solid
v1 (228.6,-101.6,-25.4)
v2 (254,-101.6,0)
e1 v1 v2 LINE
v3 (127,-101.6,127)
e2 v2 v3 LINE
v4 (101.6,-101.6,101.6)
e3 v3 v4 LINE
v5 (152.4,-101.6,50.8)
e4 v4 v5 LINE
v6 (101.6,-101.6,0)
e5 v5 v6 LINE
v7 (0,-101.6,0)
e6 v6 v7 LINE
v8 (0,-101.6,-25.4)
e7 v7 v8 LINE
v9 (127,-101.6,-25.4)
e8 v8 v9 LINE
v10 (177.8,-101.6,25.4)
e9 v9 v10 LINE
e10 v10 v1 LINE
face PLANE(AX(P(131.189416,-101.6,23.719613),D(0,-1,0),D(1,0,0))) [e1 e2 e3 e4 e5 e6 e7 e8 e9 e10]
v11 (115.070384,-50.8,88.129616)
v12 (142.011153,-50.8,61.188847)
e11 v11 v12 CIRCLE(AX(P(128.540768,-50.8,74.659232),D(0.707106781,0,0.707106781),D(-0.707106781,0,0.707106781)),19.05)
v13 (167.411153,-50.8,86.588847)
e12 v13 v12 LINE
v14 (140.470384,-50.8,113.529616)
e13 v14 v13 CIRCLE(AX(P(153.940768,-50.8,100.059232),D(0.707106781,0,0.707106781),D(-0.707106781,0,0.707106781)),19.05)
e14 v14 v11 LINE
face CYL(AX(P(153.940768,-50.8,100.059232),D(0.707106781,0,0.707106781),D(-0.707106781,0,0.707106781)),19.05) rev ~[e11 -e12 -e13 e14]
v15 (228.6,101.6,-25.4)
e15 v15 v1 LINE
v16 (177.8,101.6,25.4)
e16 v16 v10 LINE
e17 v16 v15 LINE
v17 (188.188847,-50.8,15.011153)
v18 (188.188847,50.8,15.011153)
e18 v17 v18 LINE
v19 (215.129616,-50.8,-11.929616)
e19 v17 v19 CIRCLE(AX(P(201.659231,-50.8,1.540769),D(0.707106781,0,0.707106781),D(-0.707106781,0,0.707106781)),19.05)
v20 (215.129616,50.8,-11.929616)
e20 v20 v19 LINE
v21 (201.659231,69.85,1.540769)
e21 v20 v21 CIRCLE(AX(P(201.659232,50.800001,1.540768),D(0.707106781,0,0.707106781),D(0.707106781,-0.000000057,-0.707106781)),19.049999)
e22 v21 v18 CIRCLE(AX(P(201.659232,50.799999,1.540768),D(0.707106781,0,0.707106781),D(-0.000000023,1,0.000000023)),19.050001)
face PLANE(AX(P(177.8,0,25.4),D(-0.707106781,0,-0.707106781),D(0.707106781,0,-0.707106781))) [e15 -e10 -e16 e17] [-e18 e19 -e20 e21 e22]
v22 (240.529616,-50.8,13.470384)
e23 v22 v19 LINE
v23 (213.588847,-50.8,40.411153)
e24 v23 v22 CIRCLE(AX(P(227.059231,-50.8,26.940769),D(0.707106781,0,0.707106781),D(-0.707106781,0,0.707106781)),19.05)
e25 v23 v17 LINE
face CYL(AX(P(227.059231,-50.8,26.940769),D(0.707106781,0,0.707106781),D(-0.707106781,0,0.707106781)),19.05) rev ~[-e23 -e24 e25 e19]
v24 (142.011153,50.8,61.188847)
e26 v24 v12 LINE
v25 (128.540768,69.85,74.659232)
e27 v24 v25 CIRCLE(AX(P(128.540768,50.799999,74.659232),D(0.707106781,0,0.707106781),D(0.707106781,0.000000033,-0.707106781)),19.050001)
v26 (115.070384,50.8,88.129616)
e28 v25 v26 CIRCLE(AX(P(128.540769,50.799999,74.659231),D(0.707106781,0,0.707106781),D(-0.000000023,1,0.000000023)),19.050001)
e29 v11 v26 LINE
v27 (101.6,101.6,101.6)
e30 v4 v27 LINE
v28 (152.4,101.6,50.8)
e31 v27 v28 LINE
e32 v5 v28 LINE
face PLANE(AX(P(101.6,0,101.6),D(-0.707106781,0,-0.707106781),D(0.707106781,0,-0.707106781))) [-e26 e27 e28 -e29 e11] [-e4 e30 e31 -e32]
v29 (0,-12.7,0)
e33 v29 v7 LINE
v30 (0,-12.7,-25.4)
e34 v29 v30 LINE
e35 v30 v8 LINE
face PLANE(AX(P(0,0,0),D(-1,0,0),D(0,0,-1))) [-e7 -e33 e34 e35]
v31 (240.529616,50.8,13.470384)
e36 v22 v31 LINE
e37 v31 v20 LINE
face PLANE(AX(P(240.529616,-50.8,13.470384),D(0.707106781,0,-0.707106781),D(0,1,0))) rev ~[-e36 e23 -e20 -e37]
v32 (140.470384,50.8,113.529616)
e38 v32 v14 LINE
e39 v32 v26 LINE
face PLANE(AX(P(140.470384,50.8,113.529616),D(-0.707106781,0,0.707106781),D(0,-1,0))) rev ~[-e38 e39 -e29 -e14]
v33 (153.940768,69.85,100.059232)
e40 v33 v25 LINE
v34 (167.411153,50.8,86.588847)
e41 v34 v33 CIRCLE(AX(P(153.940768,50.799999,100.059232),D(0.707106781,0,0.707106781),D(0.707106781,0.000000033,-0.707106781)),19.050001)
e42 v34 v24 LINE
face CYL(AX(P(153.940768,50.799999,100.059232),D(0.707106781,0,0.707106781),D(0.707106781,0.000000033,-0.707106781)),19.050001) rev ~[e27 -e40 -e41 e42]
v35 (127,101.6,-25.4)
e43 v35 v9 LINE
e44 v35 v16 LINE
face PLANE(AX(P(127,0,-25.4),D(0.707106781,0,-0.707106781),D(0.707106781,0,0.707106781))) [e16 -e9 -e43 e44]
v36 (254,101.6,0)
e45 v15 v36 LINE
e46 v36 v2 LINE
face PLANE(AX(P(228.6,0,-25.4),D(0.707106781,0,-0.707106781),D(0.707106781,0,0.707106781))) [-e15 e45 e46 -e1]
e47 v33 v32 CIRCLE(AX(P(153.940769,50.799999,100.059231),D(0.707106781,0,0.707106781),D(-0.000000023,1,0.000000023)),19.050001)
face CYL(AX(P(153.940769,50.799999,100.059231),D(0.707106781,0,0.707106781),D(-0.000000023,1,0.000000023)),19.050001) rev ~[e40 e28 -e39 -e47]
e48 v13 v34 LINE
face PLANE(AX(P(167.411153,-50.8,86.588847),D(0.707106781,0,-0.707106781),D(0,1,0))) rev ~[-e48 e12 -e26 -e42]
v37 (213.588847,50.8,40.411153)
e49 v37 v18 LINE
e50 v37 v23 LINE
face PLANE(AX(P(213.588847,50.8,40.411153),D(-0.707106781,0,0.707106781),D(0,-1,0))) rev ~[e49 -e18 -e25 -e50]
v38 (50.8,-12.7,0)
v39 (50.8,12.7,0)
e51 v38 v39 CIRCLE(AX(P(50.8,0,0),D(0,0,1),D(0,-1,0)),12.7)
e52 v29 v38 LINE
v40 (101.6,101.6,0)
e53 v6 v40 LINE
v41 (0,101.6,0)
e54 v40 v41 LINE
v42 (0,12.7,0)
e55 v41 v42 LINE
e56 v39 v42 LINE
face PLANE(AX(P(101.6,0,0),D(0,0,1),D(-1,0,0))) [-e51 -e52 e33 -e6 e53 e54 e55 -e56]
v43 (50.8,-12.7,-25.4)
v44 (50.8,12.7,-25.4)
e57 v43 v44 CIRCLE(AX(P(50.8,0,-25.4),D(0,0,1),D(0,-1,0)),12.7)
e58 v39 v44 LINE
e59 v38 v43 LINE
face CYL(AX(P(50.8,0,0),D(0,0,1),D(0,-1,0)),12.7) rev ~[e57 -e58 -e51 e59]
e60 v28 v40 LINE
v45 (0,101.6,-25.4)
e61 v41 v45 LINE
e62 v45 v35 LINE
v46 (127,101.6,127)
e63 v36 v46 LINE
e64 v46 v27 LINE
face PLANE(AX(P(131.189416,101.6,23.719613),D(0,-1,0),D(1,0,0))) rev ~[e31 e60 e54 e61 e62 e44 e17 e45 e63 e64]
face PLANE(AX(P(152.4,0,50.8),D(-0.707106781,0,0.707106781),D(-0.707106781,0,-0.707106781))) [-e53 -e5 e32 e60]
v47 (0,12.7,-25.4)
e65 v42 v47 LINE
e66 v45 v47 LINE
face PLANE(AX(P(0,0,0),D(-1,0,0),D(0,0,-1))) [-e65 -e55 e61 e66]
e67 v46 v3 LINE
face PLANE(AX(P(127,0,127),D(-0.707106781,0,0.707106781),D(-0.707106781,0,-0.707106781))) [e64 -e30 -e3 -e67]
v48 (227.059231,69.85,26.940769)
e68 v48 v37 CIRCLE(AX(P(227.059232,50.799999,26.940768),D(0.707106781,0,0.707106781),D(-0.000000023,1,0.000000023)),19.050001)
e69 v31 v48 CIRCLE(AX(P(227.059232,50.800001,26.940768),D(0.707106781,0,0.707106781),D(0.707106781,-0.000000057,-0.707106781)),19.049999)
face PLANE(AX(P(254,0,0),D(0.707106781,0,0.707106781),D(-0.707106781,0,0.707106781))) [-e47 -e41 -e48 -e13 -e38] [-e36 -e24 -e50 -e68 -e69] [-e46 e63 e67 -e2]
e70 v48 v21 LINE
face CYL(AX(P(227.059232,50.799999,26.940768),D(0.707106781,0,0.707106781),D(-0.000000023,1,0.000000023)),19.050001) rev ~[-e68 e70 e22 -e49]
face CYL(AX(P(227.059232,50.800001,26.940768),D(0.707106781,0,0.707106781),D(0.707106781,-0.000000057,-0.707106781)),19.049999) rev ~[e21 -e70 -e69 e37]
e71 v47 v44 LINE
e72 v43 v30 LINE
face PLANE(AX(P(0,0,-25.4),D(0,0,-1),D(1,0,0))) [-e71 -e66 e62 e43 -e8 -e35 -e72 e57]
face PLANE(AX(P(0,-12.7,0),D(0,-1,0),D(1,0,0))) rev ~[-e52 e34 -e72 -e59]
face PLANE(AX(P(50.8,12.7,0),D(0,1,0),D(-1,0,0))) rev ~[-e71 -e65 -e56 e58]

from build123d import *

# Parameters (mm, degrees)
F1_DEPTH = 101.6
F3_DEPTH = 40.894
F5_DEPTH = 25.401


with BuildPart() as f1:
    # F0 (on Front) → F1 (new body, symmetric)
    with BuildSketch(Plane.XZ):
        Polygon((101.6, 0), (0, 0), (0, -25.4), (127, -25.4), (177.8, 25.4), (228.6, -25.4), (254, 0), (127, 127), (101.6, 101.6), (152.4, 50.8), align=None)
    extrude(amount=F1_DEPTH, both=True)

    # F2 (on face) → F3 (cut)
    with BuildSketch(Plane(origin=(127, 0, 127), x_dir=(0, 1, 0), z_dir=(0.707107, 0, 0.707107))):
        with BuildLine():
            ThreePointArc((-50.8, -19.05), (-37.329616, -24.629616), (-31.75, -38.1))
            ThreePointArc((-31.75, -38.1), (-37.329616, -51.570384), (-50.8, -57.15))
            Line((-50.8, -57.15), (50.8, -57.15))
            ThreePointArc((50.8, -57.15), (31.75, -38.1), (50.8, -19.05))
            Line((50.8, -19.05), (-50.8, -19.05))
        make_face()
        with BuildLine():
            ThreePointArc((-50.8, -57.15), (-37.329616, -51.570384), (-31.75, -38.1))
            ThreePointArc((-31.75, -38.1), (-37.329616, -24.629616), (-50.8, -19.05))
            ThreePointArc((-50.8, -19.05), (-69.85, -38.1), (-50.8, -57.15))
        make_face()
        with BuildLine():
            ThreePointArc((69.85, -38.1), (64.270384, -24.629616), (50.8, -19.05))
            ThreePointArc((50.8, -19.05), (31.75, -38.1), (50.8, -57.15))
            ThreePointArc((50.8, -57.15), (64.270384, -51.570384), (69.85, -38.1))
        make_face()
        with BuildLine():
            ThreePointArc((69.85, -141.505122), (64.270384, -128.034738), (50.8, -122.455122))
            ThreePointArc((50.8, -122.455122), (31.75, -141.505122), (50.8, -160.555122))
            ThreePointArc((50.8, -160.555122), (64.270384, -154.975507), (69.85, -141.505122))
        make_face()
        with BuildLine():
            ThreePointArc((-50.8, -122.455122), (-37.329616, -128.034738), (-31.75, -141.505122))
            ThreePointArc((-31.75, -141.505122), (-37.329616, -154.975507), (-50.8, -160.555122))
            Line((-50.8, -160.555122), (50.8, -160.555122))
            ThreePointArc((50.8, -160.555122), (31.75, -141.505122), (50.8, -122.455122))
            Line((50.8, -122.455122), (-50.8, -122.455122))
        make_face()
        with BuildLine():
            ThreePointArc((-50.8, -160.555122), (-37.329616, -154.975507), (-31.75, -141.505122))
            ThreePointArc((-31.75, -141.505122), (-37.329616, -128.034738), (-50.8, -122.455122))
            ThreePointArc((-50.8, -122.455122), (-69.85, -141.505122), (-50.8, -160.555122))
        make_face()
    extrude(amount=-F3_DEPTH, mode=Mode.SUBTRACT)

    # F4 (on face) → F5 (cut, through all)
    with BuildSketch(Plane.XY):
        with BuildLine():
            Line((0, -12.7), (50.8, -12.7))
            ThreePointArc((50.8, -12.7), (63.5, 0), (50.8, 12.7))
            Line((50.8, 12.7), (0, 12.7))
            Line((0, 12.7), (0, 0))
            Line((0, 0), (0, -12.7))
        make_face()
    extrude(amount=-F5_DEPTH, mode=Mode.SUBTRACT)


solid = f1.part
